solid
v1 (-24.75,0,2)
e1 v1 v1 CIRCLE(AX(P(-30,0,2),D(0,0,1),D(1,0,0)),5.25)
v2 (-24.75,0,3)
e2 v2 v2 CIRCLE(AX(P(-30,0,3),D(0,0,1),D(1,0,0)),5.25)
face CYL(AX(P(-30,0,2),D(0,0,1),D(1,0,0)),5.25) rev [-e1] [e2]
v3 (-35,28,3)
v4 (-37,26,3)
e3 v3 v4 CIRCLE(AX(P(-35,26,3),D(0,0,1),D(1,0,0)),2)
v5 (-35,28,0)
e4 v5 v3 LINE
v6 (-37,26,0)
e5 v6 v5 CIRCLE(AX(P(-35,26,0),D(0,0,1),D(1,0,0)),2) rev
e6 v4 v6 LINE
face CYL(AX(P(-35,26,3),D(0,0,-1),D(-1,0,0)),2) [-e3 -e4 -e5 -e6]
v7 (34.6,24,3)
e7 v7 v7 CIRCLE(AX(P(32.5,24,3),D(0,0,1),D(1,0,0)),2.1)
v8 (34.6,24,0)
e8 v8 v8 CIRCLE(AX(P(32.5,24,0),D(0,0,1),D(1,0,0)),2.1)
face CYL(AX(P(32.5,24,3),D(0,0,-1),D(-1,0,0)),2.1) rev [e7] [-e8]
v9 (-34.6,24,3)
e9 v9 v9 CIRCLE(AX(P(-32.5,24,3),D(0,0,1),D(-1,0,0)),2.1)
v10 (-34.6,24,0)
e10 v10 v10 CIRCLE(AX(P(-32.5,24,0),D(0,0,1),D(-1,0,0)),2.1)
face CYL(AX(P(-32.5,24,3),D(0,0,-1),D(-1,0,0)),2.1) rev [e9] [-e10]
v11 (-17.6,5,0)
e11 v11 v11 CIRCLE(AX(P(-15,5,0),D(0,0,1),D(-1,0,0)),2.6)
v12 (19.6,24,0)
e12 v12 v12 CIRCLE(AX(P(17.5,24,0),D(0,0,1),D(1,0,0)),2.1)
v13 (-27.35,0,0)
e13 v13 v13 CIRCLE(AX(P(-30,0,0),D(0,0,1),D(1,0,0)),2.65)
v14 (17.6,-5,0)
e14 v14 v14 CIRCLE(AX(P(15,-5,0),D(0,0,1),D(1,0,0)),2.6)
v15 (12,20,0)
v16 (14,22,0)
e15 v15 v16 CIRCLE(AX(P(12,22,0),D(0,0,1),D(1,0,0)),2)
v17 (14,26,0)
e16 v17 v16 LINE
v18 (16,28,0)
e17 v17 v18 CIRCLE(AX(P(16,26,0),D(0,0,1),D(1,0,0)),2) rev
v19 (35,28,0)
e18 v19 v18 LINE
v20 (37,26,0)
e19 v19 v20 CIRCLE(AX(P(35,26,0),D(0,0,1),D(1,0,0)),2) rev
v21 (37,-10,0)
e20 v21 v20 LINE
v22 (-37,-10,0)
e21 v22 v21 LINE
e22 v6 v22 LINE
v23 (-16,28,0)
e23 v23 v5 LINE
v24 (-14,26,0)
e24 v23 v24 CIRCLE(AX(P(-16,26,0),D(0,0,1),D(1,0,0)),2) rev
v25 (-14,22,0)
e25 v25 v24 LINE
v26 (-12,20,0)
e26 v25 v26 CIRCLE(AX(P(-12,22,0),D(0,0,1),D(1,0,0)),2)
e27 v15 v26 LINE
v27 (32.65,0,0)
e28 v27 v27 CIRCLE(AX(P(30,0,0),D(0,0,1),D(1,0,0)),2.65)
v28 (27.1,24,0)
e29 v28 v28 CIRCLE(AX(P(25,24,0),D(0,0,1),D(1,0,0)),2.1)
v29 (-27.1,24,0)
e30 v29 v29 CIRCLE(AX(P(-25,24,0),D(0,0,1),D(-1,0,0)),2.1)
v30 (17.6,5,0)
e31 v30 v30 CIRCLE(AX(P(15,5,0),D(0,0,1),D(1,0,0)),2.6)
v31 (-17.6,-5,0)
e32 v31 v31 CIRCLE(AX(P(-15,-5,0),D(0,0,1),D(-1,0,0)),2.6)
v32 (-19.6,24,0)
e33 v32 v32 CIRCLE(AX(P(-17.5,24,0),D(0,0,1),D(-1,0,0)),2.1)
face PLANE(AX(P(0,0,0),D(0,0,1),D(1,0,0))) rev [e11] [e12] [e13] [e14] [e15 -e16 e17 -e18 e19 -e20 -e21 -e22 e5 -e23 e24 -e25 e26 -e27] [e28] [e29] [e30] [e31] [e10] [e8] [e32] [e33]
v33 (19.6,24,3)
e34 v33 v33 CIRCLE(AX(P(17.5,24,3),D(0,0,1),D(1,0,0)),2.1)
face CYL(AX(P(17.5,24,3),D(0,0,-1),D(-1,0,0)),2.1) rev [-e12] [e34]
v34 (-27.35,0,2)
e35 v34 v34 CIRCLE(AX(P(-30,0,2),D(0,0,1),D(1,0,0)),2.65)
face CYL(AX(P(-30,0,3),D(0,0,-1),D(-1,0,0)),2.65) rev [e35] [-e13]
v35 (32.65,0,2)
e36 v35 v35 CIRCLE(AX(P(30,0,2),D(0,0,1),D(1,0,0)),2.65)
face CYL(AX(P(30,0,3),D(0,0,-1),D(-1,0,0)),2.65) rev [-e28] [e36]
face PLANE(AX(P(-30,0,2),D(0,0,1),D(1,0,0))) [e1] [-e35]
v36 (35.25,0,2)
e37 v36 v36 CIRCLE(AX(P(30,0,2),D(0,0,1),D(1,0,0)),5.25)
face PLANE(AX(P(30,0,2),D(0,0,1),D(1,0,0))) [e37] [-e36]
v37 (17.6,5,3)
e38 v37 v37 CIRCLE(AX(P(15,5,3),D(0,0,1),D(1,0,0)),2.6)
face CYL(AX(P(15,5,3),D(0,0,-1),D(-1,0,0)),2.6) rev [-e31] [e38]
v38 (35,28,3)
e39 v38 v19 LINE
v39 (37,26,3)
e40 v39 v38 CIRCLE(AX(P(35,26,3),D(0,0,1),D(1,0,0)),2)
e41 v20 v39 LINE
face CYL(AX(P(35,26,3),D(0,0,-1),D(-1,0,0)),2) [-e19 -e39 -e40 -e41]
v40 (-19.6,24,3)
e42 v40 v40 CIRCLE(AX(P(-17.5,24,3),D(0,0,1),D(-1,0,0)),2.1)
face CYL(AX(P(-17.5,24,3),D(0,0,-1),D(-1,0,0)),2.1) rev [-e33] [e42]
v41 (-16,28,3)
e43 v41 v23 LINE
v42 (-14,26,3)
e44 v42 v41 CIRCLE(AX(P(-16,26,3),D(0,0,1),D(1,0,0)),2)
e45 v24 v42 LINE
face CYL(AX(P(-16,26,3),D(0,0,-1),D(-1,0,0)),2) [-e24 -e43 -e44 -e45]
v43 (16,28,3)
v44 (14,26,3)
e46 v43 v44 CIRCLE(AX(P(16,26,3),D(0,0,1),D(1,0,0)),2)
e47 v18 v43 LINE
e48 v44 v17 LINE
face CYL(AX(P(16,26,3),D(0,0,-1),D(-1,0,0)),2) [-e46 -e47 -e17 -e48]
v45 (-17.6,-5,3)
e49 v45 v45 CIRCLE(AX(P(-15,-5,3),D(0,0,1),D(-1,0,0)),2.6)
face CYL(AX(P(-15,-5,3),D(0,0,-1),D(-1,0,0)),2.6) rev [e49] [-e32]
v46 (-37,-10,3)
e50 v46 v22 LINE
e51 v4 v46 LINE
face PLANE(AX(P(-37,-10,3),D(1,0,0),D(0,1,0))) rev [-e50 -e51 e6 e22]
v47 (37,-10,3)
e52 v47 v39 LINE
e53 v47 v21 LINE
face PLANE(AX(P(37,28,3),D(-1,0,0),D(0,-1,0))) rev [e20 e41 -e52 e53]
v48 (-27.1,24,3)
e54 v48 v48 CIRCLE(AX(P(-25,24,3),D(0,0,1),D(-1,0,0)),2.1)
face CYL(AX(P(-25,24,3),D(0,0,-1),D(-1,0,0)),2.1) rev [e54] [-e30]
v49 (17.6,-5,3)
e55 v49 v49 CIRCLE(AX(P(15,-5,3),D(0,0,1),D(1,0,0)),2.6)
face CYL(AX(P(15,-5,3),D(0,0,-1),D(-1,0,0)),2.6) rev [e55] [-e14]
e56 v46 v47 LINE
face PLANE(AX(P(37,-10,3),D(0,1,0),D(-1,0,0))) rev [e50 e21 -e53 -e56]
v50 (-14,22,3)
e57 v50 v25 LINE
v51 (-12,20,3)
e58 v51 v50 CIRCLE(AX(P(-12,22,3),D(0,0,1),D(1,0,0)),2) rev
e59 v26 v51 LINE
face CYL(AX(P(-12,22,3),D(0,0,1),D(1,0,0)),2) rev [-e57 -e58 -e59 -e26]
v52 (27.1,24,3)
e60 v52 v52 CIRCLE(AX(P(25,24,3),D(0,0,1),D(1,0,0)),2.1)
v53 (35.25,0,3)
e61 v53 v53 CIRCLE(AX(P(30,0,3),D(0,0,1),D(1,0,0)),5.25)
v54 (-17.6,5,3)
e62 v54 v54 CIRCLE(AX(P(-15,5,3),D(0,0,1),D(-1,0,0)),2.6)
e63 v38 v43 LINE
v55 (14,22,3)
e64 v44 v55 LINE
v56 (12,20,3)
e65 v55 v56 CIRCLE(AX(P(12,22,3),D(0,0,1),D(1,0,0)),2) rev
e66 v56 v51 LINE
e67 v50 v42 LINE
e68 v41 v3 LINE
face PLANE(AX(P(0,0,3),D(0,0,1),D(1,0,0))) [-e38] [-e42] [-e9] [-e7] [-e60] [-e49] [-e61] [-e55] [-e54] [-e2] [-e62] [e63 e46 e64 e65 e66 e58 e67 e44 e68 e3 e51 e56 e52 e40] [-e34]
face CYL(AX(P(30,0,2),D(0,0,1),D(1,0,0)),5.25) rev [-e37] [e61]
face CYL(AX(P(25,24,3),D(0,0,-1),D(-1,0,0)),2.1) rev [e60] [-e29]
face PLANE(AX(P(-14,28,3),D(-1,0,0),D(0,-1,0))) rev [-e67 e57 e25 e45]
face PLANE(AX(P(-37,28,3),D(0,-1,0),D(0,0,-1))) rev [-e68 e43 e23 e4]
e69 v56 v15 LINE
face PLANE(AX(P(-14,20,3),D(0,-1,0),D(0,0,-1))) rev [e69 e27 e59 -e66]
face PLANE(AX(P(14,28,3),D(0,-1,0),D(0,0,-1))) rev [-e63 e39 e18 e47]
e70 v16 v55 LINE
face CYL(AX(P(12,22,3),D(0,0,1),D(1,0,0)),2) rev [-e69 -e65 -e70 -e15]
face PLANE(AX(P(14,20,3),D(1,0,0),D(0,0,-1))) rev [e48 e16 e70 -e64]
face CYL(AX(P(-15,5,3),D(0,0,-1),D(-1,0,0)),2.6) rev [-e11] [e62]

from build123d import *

# Parameters (mm, degrees)
SKETCH_1_R          = 2.1
SKETCH_1_R_2        = 2.65
SKETCH_1_R_3        = 2.6
EXTRUDE_1_DEPTH     = 3
FILLET_1_R          = 2
SKETCH_2_R          = 5.25
CUT_EXTRUDE_1_DEPTH = 1


with BuildPart() as part:
    # 草图1 → 凸台-拉伸1 (new body)
    with BuildSketch(Plane.XY):
        Polygon((14, 20), (14, 28), (37, 28), (37, -10), (-37, -10), (-37, 28), (-14, 28), (-14, 20), align=None)
        with Locations((17.5, 24)):
            Circle(SKETCH_1_R, mode=Mode.SUBTRACT)
        with Locations((25, 24)):
            Circle(SKETCH_1_R, mode=Mode.SUBTRACT)
        with Locations((32.5, 24)):
            Circle(SKETCH_1_R, mode=Mode.SUBTRACT)
        with Locations(Location((-32.5, 24, 0), (0, 0, 180))):
            Circle(SKETCH_1_R, mode=Mode.SUBTRACT)
        with Locations(Location((-17.5, 24, 0), (0, 0, 180))):
            Circle(SKETCH_1_R, mode=Mode.SUBTRACT)
        with Locations(Location((-25, 24, 0), (0, 0, 180))):
            Circle(SKETCH_1_R, mode=Mode.SUBTRACT)
        with Locations((30, 0)):
            Circle(SKETCH_1_R_2, mode=Mode.SUBTRACT)
        with Locations((-30, 0)):
            Circle(SKETCH_1_R_2, mode=Mode.SUBTRACT)
        with Locations((15, 5)):
            Circle(SKETCH_1_R_3, mode=Mode.SUBTRACT)
        with Locations((15, -5)):
            Circle(SKETCH_1_R_3, mode=Mode.SUBTRACT)
        with Locations(Location((-15, 5, 0), (0, 0, 180))):
            Circle(SKETCH_1_R_3, mode=Mode.SUBTRACT)
        with Locations(Location((-15, -5, 0), (0, 0, 180))):
            Circle(SKETCH_1_R_3, mode=Mode.SUBTRACT)
    extrude(amount=EXTRUDE_1_DEPTH)

    # 圆角1
    fillet_1_edges = [part.edges().sort_by_distance(p)[0] for p in [
        (14, 20, 1.5),
        (14, 28, 1.5),
        (37, 28, 1.5),
        (-37, 28, 1.5),
        (-14, 28, 1.5),
        (-14, 20, 1.5),
    ]]
    fillet(fillet_1_edges, radius=FILLET_1_R)

    # 草图2 → 切除-拉伸1 (cut)
    with BuildSketch(Plane.XY.offset(3)):
        with Locations((30, 0)):
            Circle(SKETCH_2_R)
        with Locations((-30, 0)):
            Circle(SKETCH_2_R)
    extrude(amount=-CUT_EXTRUDE_1_DEPTH, mode=Mode.SUBTRACT)


solid = part.part
